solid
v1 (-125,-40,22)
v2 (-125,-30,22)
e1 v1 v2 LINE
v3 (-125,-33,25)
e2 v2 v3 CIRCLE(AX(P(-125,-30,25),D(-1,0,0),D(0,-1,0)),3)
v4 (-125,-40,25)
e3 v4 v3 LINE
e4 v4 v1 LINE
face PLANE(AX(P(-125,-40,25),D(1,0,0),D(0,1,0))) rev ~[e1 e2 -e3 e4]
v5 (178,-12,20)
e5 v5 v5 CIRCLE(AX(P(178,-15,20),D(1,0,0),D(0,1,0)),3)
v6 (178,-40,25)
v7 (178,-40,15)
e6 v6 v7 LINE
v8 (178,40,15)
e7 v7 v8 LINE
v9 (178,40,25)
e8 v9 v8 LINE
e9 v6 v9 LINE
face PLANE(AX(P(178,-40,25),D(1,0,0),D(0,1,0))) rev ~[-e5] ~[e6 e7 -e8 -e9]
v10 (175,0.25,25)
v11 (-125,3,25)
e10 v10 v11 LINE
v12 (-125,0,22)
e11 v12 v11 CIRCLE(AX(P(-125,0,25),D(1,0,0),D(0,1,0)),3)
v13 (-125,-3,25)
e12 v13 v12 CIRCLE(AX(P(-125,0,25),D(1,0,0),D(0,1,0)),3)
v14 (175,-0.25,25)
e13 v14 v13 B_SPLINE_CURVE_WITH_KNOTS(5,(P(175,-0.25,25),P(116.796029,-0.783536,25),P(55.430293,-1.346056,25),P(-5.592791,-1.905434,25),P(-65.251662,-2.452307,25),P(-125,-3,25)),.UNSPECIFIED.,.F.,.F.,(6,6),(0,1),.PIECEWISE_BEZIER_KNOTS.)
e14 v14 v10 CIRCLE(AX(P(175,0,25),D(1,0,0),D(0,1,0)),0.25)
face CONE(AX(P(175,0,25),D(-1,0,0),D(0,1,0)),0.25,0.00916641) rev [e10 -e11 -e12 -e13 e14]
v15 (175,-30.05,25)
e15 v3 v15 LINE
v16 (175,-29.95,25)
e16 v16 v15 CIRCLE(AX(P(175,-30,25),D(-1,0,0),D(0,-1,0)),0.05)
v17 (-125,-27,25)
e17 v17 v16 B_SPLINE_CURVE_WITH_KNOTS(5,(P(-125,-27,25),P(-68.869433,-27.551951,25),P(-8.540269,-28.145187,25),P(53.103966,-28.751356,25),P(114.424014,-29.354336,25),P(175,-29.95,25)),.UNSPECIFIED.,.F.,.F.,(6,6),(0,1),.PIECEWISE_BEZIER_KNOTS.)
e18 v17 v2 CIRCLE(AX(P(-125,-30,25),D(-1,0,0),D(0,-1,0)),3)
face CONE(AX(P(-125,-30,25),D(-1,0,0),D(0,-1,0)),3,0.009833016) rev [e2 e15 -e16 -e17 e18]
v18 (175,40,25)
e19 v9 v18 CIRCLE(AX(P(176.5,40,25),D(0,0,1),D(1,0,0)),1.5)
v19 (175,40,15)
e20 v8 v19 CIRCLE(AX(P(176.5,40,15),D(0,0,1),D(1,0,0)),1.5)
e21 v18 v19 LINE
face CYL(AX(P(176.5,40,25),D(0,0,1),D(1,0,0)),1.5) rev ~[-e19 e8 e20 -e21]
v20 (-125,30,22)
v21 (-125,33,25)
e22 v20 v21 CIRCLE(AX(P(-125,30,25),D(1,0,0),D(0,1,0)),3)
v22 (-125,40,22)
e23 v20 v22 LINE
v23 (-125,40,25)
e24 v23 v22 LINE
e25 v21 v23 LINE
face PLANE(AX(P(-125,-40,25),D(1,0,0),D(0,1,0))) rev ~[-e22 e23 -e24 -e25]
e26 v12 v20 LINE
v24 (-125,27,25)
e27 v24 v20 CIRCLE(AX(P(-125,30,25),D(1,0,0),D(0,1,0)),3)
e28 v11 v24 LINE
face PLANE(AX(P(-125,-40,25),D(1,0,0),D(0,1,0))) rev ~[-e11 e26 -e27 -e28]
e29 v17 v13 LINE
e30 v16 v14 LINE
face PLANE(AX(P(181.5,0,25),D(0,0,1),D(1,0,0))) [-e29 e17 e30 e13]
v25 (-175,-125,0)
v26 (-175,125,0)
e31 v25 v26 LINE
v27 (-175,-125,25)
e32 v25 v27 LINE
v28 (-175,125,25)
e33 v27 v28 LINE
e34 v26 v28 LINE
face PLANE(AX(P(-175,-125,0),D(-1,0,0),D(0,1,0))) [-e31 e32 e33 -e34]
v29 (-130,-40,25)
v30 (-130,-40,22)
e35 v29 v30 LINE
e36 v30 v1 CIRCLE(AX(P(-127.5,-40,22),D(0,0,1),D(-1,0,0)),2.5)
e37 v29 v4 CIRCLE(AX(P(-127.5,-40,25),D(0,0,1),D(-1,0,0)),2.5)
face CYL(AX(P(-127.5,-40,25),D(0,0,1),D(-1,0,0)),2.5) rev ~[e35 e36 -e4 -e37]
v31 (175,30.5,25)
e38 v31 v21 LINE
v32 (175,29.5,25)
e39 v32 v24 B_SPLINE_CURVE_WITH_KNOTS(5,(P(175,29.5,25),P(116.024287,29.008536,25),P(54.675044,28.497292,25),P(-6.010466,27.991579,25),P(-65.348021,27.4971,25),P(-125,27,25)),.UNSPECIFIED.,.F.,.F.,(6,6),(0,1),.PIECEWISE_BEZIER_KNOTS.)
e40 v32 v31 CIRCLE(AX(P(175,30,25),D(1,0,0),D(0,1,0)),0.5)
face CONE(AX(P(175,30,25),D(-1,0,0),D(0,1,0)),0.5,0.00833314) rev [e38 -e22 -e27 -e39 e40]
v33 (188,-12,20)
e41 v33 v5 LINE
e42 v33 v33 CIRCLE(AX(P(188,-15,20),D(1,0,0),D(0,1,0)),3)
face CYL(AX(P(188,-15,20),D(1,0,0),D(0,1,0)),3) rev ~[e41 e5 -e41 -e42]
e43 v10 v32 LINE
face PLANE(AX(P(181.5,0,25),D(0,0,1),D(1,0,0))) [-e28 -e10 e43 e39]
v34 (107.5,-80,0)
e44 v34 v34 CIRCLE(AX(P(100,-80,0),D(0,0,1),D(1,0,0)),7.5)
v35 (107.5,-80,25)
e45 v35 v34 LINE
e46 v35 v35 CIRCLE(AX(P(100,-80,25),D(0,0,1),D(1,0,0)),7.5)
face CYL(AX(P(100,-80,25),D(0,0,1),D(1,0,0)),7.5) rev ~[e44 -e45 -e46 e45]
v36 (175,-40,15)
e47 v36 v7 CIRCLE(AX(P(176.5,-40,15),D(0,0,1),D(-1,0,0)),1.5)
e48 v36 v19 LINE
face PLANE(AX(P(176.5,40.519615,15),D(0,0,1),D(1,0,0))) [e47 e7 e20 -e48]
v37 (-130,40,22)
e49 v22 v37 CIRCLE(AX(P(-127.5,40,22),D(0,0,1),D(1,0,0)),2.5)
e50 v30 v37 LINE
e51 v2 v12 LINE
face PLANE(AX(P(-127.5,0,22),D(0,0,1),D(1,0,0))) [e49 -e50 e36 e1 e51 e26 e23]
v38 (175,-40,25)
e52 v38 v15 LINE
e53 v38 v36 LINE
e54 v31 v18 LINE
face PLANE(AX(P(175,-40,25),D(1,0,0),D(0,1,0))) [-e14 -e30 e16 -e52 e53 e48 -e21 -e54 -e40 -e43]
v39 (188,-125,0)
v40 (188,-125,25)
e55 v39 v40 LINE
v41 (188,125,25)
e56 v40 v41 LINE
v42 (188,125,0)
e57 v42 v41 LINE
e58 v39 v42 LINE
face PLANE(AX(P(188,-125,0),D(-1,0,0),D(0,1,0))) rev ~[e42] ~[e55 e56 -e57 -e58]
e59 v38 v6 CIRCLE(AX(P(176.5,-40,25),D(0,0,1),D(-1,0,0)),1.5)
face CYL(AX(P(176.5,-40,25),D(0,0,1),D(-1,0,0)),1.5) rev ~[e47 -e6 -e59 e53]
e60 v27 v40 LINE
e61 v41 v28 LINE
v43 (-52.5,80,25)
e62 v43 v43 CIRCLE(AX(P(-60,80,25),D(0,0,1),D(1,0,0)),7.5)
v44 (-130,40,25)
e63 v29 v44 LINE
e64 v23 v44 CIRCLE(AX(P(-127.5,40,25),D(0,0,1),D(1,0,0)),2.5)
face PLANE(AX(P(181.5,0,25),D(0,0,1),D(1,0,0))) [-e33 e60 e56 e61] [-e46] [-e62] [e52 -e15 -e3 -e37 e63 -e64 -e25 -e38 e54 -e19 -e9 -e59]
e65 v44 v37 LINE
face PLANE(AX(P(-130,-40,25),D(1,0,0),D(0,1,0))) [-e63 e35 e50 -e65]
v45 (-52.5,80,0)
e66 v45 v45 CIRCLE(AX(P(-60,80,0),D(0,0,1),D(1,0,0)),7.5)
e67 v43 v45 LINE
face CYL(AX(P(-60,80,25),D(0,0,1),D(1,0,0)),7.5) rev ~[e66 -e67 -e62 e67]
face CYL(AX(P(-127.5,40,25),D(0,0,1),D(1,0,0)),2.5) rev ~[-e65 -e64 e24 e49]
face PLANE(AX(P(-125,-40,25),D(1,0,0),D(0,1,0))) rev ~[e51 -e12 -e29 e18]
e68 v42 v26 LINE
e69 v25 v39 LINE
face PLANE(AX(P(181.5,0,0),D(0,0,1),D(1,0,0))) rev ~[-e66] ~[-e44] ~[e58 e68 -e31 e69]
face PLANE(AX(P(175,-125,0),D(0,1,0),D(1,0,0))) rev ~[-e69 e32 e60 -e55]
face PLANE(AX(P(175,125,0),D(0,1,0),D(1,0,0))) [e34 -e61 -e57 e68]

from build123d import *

# Parameters (mm, degrees)
F0_W      = 350
F0_H      = 250
F1_DEPTH  = 25
F4_R      = 7.5
F4_R_2    = 5
F5_DEPTH  = 25.001
F10_W     = 5
F10_H     = 80
F11_DEPTH = 3
F12_W     = 13
F12_H     = 250
F13_DEPTH = 25
F14_W     = 3
F14_H     = 80
F15_DEPTH = 10
F16_R     = 3
F17_DEPTH = 10


with BuildPart() as f1:
    # F0 (on Top) → F1 (new body)
    with BuildSketch(Plane.XY):
        Rectangle(F0_W, F0_H)
    extrude(amount=F1_DEPTH)

    # F2 (on face) → F3 (revolve, cut)
    with BuildSketch(Plane.XY.offset(25)):
        Polygon((175, 0), (175, 0.25), (-125, 3), (-125, 0), align=None)
    revolve(axis=Axis((25, 0, 25), (1, 0, 0)), mode=Mode.SUBTRACT)

    # F4 (on face) → F5 (cut, through all)
    with BuildSketch(Plane.XY.offset(25)):
        with Locations((-60, 80)):
            Circle(F4_R)
        with Locations((-60, 80)):
            Circle(F4_R_2, mode=Mode.SUBTRACT)
        with Locations((-60, 80)):
            Circle(F4_R_2)
        with Locations((100, -80)):
            Circle(F4_R)
        with Locations((100, -80)):
            Circle(F4_R_2, mode=Mode.SUBTRACT)
        with Locations((100, -80)):
            Circle(F4_R_2)
    extrude(amount=-F5_DEPTH, mode=Mode.SUBTRACT)

    # F6 (on face) → F7 (revolve, cut)
    with BuildSketch(Plane.XY.offset(25)):
        Polygon((-125, 33), (-125, 30), (175, 30), (175, 30.5), align=None)
    revolve(axis=Axis((25, 30, 25), (1, 0, 0)), mode=Mode.SUBTRACT)

    # F8 (on face) → F9 (revolve, cut)
    with BuildSketch(Plane.XY.offset(25)):
        Polygon((175, -30), (-125, -30), (-125, -33), (175, -30.05), align=None)
    revolve(axis=Axis((25, -30, 25), (-1, 0, 0)), mode=Mode.SUBTRACT)

    # F10 (on face) → F11 (cut)
    with BuildSketch(Plane.XY.offset(25)):
        with Locations((-127.5, 0)):
            Rectangle(F10_W, F10_H)
        with BuildLine():
            Line((-130, 40), (-125, 40))
            ThreePointArc((-125, 40), (-127.5, 42.5), (-130, 40))
        make_face()
        with BuildLine():
            ThreePointArc((-130, -40), (-127.5, -42.5), (-125, -40))
            Line((-125, -40), (-130, -40))
        make_face()
    extrude(amount=-F11_DEPTH, mode=Mode.SUBTRACT)

    # F12 (on Top) → F13 (join)
    with BuildSketch(Plane.XY):
        with Locations((181.5, 0)):
            Rectangle(F12_W, F12_H)
    extrude(amount=F13_DEPTH)

    # F14 (on face) → F15 (cut)
    with BuildSketch(Plane.XY.offset(25)):
        with BuildLine():
            ThreePointArc((178, 40), (176.5, 41.5), (175, 40))
            Line((175, 40), (178, 40))
        make_face()
        with Locations((176.5, 0)):
            Rectangle(F14_W, F14_H)
        with BuildLine():
            Line((178, -40), (175, -40))
            ThreePointArc((175, -40), (176.5, -41.5), (178, -40))
        make_face()
    extrude(amount=-F15_DEPTH, mode=Mode.SUBTRACT)

    # F16 (on face) → F17 (cut, through all)
    with BuildSketch(Plane.YZ.offset(188)):
        with Locations((-15, 20)):
            Circle(F16_R)
    extrude(amount=-F17_DEPTH, mode=Mode.SUBTRACT)


solid = f1.part
